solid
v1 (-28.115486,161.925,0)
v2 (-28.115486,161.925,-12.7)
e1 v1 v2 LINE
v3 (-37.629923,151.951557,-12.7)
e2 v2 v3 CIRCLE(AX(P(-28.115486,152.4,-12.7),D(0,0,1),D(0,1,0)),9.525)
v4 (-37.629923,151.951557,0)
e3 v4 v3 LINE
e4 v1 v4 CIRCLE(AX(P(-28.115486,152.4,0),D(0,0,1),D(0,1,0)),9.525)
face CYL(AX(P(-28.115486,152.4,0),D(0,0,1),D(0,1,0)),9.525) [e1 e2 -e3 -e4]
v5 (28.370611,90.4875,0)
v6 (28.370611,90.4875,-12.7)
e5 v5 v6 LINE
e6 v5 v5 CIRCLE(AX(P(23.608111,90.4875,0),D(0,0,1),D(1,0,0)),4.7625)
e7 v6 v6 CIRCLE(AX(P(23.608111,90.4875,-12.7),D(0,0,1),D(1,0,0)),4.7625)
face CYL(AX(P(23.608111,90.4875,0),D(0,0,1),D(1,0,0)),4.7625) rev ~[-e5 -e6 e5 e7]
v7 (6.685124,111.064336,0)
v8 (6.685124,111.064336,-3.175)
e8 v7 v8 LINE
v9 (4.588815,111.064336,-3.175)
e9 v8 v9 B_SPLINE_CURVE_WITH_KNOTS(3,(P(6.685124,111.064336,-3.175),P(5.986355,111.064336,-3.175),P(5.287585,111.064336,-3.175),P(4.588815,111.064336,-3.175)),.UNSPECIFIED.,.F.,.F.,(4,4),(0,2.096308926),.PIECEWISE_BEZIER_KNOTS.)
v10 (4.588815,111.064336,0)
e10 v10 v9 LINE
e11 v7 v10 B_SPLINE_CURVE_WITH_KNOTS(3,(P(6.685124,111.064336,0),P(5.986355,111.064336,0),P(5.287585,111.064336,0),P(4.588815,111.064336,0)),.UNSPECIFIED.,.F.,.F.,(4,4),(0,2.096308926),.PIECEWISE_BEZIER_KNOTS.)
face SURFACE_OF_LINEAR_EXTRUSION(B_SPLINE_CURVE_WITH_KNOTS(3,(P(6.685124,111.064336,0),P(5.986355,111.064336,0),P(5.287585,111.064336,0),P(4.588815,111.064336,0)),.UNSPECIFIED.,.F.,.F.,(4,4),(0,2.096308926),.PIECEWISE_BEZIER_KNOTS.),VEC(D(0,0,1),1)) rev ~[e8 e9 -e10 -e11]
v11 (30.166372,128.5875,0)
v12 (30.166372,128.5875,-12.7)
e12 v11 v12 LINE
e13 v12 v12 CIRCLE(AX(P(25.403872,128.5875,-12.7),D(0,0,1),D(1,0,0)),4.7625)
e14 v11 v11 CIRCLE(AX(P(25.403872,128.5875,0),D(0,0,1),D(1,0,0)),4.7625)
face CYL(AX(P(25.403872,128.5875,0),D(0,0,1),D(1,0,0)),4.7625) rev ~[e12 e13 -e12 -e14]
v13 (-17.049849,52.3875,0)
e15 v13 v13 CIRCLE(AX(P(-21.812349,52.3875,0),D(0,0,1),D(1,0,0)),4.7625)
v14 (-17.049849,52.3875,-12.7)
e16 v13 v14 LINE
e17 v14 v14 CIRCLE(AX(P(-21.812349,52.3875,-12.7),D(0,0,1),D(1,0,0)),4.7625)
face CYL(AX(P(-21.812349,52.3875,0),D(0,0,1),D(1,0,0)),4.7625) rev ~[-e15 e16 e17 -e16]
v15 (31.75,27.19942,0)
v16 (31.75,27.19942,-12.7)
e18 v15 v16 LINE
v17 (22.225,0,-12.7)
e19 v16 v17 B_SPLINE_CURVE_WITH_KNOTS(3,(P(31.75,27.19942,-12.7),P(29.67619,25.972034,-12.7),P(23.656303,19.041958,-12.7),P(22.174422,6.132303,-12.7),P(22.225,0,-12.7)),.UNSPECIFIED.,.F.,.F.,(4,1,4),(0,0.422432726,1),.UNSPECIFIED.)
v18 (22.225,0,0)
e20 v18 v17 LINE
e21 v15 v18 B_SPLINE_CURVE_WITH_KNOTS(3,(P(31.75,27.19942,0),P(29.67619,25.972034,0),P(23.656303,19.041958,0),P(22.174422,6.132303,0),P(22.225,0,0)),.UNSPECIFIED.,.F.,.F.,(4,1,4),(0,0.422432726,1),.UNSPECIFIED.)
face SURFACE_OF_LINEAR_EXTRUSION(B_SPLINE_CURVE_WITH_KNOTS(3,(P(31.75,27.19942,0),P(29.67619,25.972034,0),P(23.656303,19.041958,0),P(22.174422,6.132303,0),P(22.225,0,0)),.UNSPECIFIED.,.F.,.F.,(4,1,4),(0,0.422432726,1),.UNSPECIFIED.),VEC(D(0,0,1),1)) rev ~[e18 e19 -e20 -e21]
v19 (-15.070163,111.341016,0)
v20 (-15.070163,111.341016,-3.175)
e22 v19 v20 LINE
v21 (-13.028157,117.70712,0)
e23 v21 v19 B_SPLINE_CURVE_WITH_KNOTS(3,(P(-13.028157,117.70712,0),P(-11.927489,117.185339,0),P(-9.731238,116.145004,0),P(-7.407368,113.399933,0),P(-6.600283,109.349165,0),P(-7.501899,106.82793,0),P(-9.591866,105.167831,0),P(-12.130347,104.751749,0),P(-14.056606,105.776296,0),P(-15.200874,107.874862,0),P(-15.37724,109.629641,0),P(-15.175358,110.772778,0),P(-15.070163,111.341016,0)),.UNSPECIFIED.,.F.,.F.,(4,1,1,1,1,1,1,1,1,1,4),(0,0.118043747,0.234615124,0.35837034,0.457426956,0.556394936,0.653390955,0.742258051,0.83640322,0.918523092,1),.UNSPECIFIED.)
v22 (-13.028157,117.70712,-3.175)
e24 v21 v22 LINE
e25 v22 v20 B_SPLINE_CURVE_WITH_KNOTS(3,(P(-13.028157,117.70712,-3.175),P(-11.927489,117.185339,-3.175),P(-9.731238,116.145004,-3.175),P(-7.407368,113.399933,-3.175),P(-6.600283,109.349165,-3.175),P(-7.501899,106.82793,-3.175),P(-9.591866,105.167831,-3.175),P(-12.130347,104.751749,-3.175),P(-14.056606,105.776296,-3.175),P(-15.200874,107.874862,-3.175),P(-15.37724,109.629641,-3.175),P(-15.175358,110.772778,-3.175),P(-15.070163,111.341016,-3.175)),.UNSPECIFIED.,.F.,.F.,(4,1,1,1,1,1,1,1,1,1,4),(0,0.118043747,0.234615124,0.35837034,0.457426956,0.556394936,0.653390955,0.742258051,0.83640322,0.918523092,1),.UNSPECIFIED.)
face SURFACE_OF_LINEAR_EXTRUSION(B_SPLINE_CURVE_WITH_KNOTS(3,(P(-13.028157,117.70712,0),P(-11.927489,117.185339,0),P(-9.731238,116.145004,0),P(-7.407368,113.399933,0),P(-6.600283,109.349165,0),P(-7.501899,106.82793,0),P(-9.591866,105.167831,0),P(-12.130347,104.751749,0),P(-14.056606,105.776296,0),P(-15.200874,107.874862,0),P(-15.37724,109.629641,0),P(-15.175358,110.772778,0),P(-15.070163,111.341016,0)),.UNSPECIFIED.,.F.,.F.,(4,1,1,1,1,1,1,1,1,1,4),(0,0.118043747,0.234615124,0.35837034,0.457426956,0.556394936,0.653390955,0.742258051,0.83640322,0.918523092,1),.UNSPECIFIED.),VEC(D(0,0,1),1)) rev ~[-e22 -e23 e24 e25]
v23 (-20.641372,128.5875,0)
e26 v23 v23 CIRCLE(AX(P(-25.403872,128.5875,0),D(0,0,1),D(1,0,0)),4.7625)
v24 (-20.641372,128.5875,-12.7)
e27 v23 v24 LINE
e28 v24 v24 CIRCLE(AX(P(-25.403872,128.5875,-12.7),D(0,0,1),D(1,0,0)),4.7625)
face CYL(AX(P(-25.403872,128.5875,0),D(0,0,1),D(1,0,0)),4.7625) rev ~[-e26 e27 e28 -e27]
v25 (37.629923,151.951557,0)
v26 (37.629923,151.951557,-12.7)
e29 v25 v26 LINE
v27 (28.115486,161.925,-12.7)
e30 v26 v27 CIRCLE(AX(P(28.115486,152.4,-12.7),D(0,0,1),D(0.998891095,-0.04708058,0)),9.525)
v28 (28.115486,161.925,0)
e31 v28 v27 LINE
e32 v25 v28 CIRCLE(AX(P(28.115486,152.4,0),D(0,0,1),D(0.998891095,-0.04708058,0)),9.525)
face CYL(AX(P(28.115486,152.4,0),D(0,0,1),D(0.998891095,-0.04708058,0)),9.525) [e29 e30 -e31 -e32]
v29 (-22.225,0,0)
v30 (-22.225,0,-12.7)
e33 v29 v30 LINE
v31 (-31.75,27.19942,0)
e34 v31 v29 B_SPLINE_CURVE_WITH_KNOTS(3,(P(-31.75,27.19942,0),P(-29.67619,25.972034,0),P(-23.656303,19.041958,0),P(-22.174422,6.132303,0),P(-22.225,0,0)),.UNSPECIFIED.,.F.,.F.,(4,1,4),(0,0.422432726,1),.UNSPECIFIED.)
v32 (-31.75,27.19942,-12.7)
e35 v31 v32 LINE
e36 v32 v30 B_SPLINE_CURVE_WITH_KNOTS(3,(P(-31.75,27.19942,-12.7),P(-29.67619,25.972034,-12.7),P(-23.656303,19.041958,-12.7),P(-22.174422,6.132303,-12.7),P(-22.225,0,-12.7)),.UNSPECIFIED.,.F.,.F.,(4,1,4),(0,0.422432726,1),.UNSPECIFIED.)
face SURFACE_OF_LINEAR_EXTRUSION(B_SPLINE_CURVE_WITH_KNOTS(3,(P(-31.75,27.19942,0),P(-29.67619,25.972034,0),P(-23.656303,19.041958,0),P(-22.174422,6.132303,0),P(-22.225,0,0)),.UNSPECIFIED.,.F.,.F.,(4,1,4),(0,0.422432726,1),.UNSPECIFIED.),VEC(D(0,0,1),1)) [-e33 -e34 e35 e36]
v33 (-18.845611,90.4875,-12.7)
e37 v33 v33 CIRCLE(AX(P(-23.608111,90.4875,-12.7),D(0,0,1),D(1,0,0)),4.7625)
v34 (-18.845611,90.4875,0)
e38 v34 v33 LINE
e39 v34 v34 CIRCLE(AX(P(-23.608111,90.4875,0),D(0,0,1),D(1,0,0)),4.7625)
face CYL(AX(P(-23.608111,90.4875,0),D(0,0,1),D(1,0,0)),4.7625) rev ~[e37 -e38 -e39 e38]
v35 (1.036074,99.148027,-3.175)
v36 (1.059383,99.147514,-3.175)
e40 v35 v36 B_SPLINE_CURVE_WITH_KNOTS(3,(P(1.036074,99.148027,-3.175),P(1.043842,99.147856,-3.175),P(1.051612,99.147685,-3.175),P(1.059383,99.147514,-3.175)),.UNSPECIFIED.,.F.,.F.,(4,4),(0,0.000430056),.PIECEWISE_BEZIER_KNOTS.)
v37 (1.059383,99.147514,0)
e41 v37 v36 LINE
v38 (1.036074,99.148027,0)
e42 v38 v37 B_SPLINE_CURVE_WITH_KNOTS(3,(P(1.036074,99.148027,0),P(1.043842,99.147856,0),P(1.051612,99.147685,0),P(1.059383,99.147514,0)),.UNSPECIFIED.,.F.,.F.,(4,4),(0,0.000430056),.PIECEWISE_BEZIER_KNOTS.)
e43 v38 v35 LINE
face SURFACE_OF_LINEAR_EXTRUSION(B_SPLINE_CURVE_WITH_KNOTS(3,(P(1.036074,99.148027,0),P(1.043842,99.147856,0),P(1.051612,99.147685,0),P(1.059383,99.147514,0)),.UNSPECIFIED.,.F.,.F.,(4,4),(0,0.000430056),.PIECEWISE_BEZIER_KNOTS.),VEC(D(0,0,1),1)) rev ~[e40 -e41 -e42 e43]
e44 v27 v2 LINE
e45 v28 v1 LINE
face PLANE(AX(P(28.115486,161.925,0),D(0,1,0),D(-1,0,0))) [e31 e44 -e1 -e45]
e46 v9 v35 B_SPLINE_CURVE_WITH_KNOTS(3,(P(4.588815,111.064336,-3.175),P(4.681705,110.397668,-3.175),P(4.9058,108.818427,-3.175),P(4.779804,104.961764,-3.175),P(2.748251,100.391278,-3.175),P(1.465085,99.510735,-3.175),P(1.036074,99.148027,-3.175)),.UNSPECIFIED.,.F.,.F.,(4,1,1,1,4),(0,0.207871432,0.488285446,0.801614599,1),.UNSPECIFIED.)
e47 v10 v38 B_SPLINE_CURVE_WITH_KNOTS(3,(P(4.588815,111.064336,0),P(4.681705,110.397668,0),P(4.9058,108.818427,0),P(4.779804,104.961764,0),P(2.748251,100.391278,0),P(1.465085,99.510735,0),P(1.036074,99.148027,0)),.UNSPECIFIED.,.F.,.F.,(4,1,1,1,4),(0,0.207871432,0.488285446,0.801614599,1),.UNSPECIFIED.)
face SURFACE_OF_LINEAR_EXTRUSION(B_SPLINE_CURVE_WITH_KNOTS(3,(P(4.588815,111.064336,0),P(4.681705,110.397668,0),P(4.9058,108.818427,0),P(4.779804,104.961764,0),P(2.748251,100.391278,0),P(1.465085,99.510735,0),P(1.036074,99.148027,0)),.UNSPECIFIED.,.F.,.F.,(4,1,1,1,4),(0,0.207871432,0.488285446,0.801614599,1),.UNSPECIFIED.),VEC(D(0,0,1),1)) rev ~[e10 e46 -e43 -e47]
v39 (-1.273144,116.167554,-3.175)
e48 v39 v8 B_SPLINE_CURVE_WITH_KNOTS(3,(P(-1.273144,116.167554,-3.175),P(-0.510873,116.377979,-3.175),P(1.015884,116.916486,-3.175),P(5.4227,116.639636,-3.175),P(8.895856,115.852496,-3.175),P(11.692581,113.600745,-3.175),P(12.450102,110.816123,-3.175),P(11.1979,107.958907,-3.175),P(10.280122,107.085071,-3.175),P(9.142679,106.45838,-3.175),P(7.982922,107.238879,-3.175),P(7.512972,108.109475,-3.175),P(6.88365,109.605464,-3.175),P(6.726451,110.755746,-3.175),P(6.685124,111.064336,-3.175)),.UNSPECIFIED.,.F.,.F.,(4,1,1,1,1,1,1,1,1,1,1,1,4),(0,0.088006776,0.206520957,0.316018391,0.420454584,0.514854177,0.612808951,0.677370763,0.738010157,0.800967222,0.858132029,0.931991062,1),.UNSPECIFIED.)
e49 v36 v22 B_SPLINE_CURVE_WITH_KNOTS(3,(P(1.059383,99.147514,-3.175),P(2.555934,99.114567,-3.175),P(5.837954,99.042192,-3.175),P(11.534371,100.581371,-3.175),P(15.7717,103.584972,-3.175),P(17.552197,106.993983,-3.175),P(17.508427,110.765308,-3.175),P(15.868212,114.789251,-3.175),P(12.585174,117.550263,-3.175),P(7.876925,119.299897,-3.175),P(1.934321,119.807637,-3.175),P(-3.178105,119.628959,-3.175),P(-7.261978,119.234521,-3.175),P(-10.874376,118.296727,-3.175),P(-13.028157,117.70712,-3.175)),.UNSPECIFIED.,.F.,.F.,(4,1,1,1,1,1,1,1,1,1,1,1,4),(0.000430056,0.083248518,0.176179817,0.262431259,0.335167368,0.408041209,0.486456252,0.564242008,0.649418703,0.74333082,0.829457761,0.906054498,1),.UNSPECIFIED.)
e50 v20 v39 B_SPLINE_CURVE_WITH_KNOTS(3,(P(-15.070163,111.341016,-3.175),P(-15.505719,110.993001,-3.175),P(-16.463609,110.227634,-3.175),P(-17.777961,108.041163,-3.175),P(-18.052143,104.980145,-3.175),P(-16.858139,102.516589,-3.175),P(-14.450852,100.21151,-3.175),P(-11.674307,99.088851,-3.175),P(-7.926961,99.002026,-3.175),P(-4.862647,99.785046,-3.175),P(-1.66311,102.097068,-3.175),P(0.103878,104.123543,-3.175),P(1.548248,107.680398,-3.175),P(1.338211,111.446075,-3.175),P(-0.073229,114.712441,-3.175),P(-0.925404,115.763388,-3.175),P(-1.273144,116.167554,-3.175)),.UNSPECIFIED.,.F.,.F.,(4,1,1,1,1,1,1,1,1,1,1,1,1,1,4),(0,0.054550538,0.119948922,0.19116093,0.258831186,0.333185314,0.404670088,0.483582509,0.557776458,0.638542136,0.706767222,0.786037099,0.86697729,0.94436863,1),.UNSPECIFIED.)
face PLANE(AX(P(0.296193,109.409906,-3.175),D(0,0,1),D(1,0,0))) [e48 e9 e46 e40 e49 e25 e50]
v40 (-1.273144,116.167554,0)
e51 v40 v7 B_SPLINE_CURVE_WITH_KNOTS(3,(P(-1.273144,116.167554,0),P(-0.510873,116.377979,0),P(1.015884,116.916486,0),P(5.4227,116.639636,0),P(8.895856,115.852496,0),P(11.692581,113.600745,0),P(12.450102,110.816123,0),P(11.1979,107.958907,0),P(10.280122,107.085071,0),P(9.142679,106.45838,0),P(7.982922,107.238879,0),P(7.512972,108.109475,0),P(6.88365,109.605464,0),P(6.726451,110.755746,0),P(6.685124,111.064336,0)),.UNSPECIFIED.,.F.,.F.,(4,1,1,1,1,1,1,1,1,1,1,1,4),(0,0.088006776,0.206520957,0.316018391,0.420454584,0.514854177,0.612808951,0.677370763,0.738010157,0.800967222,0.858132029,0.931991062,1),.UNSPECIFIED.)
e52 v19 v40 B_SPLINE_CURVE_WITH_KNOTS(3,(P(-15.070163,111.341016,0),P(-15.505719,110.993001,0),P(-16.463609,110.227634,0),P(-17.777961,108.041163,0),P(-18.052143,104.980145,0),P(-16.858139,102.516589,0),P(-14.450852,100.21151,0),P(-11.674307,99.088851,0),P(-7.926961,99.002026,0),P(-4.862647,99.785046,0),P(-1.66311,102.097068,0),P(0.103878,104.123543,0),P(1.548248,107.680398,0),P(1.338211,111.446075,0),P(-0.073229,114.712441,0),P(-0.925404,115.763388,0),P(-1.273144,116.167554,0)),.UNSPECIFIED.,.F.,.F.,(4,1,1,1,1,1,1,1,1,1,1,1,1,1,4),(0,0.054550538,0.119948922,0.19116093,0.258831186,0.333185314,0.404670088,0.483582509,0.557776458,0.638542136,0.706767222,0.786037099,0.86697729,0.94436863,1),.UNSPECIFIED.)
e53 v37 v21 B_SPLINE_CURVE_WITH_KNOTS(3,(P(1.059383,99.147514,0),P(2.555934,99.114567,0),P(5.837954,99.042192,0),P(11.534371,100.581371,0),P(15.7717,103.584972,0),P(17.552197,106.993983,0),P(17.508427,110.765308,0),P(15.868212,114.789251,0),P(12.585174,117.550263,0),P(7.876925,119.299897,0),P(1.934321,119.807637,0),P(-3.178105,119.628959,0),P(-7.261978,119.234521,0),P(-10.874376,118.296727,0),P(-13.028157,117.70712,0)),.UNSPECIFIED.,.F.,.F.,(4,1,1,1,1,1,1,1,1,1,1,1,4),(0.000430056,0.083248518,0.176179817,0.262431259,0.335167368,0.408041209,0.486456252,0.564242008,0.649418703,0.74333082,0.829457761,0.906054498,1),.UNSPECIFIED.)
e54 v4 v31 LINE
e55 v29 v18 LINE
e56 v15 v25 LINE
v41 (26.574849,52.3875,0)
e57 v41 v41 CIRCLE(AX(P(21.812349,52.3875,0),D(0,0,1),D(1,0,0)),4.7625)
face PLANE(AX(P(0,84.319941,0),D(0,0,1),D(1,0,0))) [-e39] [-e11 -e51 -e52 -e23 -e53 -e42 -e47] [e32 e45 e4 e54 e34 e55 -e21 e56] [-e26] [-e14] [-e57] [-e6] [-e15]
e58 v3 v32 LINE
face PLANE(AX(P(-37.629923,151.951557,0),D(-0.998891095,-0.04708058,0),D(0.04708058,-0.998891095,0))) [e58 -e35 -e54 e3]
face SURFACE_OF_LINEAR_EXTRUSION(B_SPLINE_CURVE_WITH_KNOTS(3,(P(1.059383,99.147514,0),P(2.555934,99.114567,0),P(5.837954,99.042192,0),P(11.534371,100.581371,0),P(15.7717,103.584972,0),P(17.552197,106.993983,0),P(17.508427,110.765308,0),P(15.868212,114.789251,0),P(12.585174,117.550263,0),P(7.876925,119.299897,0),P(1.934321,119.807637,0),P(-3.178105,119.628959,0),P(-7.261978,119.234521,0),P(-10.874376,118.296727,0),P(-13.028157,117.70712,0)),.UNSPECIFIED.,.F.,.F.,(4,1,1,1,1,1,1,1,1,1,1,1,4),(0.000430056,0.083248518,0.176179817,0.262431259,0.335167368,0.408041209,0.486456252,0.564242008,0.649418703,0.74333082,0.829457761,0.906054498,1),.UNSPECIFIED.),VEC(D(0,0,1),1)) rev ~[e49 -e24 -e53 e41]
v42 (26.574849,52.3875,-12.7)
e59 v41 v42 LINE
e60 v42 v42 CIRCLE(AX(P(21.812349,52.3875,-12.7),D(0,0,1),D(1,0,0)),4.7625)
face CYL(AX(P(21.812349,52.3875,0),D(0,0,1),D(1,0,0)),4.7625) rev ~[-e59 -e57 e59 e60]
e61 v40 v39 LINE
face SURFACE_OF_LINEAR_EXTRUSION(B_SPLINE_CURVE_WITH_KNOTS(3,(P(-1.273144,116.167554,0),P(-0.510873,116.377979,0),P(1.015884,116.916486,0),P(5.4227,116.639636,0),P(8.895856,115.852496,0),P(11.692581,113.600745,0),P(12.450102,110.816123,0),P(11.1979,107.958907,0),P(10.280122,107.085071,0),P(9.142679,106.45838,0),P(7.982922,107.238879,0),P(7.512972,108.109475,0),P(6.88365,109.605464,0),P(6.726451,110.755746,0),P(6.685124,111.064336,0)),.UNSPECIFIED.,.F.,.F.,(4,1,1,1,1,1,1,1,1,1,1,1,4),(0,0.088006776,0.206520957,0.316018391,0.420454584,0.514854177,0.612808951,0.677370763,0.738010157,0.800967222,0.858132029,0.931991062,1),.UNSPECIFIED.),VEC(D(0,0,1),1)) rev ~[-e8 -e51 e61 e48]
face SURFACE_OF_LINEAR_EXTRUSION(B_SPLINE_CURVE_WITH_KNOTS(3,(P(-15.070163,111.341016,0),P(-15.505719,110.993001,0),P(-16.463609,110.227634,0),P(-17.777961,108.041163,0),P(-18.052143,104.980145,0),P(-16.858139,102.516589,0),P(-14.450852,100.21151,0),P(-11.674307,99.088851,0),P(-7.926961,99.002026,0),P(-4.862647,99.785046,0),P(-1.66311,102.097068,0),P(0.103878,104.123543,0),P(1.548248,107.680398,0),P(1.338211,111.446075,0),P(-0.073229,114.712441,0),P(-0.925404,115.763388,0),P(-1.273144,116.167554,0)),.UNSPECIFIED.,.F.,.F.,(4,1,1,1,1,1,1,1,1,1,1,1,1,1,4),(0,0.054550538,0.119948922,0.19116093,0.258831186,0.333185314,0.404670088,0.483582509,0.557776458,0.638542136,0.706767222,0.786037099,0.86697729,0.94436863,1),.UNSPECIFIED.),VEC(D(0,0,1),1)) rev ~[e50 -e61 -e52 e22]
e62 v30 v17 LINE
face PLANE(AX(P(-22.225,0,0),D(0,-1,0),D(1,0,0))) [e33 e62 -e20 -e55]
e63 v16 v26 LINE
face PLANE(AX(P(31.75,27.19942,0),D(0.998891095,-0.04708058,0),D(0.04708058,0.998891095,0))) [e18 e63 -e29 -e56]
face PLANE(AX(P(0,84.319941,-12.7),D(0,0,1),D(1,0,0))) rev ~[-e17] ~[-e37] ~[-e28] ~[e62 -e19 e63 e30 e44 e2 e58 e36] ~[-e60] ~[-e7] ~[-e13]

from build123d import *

# Parameters (mm, degrees)
F1_R     = 4.7625
F3_DEPTH = 12.7
F4_DEPTH = 3.175


with BuildPart() as f3:
    # F1 (on Top) → F3 (new body)
    with BuildSketch(Plane.XY):
        with BuildLine():
            Line((28.1154855929, 161.925), (0, 161.925))
            Line((0, 161.925), (-28.1154855929, 161.925))
            ThreePointArc((-28.1154855929, 161.925), (-35.0074025997, 158.9747323118), (-37.6299232694, 151.9515574743))
            Line((-37.6299232694, 151.9515574743), (-31.75, 27.1994202793))
            add(Edge.make_bspline(
                [(-31.75, 27.1994202793), (-29.6761900194, 25.9720341917), (-23.6563029983, 19.0419580121), (-22.1744223376, 6.1323032921), (-22.225, 0)],
                knots=[0, 0, 0, 0, 0.4224327259, 1, 1, 1, 1], degree=3))
            Line((-22.225, 0), (0, 0))
            Line((0, 0), (22.225, 0))
            add(Edge.make_bspline(
                [(31.75, 27.1994202793), (29.6761900194, 25.9720341917), (23.6563029983, 19.0419580121), (22.1744223376, 6.1323032921), (22.225, 0)],
                knots=[0, 0, 0, 0, 0.4224327259, 1, 1, 1, 1], degree=3))
            Line((31.75, 27.1994202793), (37.6299232694, 151.9515574743))
            ThreePointArc((37.6299232694, 151.9515574743), (35.0074025997, 158.9747323118), (28.1154855929, 161.925))
        make_face()
        with Locations((-21.8123494917, 52.3875)):
            Circle(F1_R, mode=Mode.SUBTRACT)
        with Locations((21.8123494917, 52.3875)):
            Circle(F1_R, mode=Mode.SUBTRACT)
        with Locations((-23.608110924, 90.4875)):
            Circle(F1_R, mode=Mode.SUBTRACT)
        with Locations((-25.4038723562, 128.5875)):
            Circle(F1_R, mode=Mode.SUBTRACT)
        with Locations((23.608110924, 90.4875)):
            Circle(F1_R, mode=Mode.SUBTRACT)
        with Locations((25.4038723562, 128.5875)):
            Circle(F1_R, mode=Mode.SUBTRACT)
    extrude(amount=-F3_DEPTH)

    # F0 (on Top) → F4 (cut)
    with BuildSketch(Plane.XY):
        with BuildLine():
            add(Edge.make_bspline(
                [(1.0593833724, 99.1475137805), (2.5559341701, 99.1145666252), (5.8379542757, 99.0421921612), (11.5343712807, 100.5813709834), (15.7716995925, 103.584971967), (17.5521968656, 106.9939829863), (17.5084273814, 110.7653078529), (15.8682117091, 114.7892505096), (12.585173716, 117.5502629205), (7.8769249094, 119.299896729), (1.9343205728, 119.8076368126), (-3.1781046795, 119.6289589903), (-7.2619783072, 119.2345211568), (-10.8743755981, 118.29672729), (-13.0281566642, 117.70711966)],
                knots=[0.0004300558, 0.0004300558, 0.0004300558, 0.0004300558, 0.0832485179, 0.1761798174, 0.2624312592, 0.3351673684, 0.4080412094, 0.4864562522, 0.5642420083, 0.6494187031, 0.7433308204, 0.8294577615, 0.9060544977, 1, 1, 1, 1], degree=3))
            add(Edge.make_bspline(
                [(-13.0281566642, 117.70711966), (-11.927489258, 117.185339095), (-9.7312384706, 116.1450044618), (-7.4073677, 113.3999325234), (-6.6002833283, 109.3491651189), (-7.5018989821, 106.8279299269), (-9.5918661876, 105.167830918), (-12.1303468316, 104.7517487571), (-14.0566056284, 105.7762961611), (-15.2008741177, 107.8748622038), (-15.3772398383, 109.6296407131), (-15.1753576467, 110.7727779955), (-15.0701632682, 111.3410160134)],
                knots=[0, 0, 0, 0, 0.1180437472, 0.234615124, 0.3583703395, 0.4574269559, 0.5563949363, 0.6533909552, 0.7422580506, 0.83640322, 0.9185230919, 1, 1, 1, 1], degree=3))
            add(Edge.make_bspline(
                [(-15.0701632682, 111.3410160134), (-15.505719215, 110.9930009338), (-16.4636093634, 110.2276335784), (-17.7779614617, 108.041163358), (-18.0521432424, 104.9801450073), (-16.8581385646, 102.5165893088), (-14.4508518802, 100.2115102432), (-11.6743067267, 99.088851409), (-7.9269606854, 99.0020263431), (-4.8626470916, 99.7850461575), (-1.6631103775, 102.0970676799), (0.1038776901, 104.1235433713), (1.5482480033, 107.6803982961), (1.3382113539, 111.4460753916), (-0.073228728, 114.7124411547), (-0.9254044237, 115.7633883721), (-1.2731438341, 116.1675539884)],
                knots=[0, 0, 0, 0, 0.0545505376, 0.1199489216, 0.1911609303, 0.2588311862, 0.3331853139, 0.4046700879, 0.4835825095, 0.5577764576, 0.638542136, 0.7067672222, 0.7860370993, 0.8669772896, 0.9443686304, 1, 1, 1, 1], degree=3))
            add(Edge.make_bspline(
                [(-1.2731438341, 116.1675539884), (-0.5108734905, 116.3779792012), (1.0158844838, 116.9164864147), (5.4226997488, 116.6396355542), (8.8958561222, 115.8524957555), (11.692580742, 113.6007452528), (12.4501015764, 110.8161226795), (11.1978999147, 107.9589067376), (10.2801217106, 107.0850714659), (9.1426788782, 106.4583804188), (7.9829219247, 107.2388785974), (7.5129716372, 108.1094751583), (6.8836495416, 109.6054642785), (6.7264512123, 110.7557464117), (6.685124173, 111.0643363623)],
                knots=[0, 0, 0, 0, 0.0880067759, 0.2065209573, 0.3160183915, 0.4204545842, 0.5148541767, 0.6128089511, 0.6773707634, 0.738010157, 0.8009672218, 0.8581320289, 0.9319910625, 1, 1, 1, 1], degree=3))
            add(Edge.make_bspline(
                [(6.685124173, 111.0643363623), (5.986354531, 111.0643363623), (5.2875848889, 111.0643363623), (4.5888152469, 111.0643363623)],
                knots=[0, 0, 0, 0, 2.0963089261, 2.0963089261, 2.0963089261, 2.0963089261], degree=3))
            add(Edge.make_bspline(
                [(4.5888152469, 111.0643363623), (4.6817050502, 110.3976681204), (4.9058001684, 108.8184272042), (4.7798039367, 104.9617644403), (2.7482514003, 100.3912778472), (1.4650850671, 99.5107345805), (1.0360737525, 99.1480269117)],
                knots=[0, 0, 0, 0, 0.2078714315, 0.4882854459, 0.8016145986, 1, 1, 1, 1], degree=3))
            add(Edge.make_bspline(
                [(1.0360737525, 99.1480269117), (1.0438422832, 99.1478559222), (1.0516121532, 99.147684867), (1.0593833724, 99.1475137805)],
                knots=[0, 0, 0, 0, 0.0004300558, 0.0004300558, 0.0004300558, 0.0004300558], degree=3))
        make_face()
    extrude(amount=-F4_DEPTH, mode=Mode.SUBTRACT)


solid = f3.part
